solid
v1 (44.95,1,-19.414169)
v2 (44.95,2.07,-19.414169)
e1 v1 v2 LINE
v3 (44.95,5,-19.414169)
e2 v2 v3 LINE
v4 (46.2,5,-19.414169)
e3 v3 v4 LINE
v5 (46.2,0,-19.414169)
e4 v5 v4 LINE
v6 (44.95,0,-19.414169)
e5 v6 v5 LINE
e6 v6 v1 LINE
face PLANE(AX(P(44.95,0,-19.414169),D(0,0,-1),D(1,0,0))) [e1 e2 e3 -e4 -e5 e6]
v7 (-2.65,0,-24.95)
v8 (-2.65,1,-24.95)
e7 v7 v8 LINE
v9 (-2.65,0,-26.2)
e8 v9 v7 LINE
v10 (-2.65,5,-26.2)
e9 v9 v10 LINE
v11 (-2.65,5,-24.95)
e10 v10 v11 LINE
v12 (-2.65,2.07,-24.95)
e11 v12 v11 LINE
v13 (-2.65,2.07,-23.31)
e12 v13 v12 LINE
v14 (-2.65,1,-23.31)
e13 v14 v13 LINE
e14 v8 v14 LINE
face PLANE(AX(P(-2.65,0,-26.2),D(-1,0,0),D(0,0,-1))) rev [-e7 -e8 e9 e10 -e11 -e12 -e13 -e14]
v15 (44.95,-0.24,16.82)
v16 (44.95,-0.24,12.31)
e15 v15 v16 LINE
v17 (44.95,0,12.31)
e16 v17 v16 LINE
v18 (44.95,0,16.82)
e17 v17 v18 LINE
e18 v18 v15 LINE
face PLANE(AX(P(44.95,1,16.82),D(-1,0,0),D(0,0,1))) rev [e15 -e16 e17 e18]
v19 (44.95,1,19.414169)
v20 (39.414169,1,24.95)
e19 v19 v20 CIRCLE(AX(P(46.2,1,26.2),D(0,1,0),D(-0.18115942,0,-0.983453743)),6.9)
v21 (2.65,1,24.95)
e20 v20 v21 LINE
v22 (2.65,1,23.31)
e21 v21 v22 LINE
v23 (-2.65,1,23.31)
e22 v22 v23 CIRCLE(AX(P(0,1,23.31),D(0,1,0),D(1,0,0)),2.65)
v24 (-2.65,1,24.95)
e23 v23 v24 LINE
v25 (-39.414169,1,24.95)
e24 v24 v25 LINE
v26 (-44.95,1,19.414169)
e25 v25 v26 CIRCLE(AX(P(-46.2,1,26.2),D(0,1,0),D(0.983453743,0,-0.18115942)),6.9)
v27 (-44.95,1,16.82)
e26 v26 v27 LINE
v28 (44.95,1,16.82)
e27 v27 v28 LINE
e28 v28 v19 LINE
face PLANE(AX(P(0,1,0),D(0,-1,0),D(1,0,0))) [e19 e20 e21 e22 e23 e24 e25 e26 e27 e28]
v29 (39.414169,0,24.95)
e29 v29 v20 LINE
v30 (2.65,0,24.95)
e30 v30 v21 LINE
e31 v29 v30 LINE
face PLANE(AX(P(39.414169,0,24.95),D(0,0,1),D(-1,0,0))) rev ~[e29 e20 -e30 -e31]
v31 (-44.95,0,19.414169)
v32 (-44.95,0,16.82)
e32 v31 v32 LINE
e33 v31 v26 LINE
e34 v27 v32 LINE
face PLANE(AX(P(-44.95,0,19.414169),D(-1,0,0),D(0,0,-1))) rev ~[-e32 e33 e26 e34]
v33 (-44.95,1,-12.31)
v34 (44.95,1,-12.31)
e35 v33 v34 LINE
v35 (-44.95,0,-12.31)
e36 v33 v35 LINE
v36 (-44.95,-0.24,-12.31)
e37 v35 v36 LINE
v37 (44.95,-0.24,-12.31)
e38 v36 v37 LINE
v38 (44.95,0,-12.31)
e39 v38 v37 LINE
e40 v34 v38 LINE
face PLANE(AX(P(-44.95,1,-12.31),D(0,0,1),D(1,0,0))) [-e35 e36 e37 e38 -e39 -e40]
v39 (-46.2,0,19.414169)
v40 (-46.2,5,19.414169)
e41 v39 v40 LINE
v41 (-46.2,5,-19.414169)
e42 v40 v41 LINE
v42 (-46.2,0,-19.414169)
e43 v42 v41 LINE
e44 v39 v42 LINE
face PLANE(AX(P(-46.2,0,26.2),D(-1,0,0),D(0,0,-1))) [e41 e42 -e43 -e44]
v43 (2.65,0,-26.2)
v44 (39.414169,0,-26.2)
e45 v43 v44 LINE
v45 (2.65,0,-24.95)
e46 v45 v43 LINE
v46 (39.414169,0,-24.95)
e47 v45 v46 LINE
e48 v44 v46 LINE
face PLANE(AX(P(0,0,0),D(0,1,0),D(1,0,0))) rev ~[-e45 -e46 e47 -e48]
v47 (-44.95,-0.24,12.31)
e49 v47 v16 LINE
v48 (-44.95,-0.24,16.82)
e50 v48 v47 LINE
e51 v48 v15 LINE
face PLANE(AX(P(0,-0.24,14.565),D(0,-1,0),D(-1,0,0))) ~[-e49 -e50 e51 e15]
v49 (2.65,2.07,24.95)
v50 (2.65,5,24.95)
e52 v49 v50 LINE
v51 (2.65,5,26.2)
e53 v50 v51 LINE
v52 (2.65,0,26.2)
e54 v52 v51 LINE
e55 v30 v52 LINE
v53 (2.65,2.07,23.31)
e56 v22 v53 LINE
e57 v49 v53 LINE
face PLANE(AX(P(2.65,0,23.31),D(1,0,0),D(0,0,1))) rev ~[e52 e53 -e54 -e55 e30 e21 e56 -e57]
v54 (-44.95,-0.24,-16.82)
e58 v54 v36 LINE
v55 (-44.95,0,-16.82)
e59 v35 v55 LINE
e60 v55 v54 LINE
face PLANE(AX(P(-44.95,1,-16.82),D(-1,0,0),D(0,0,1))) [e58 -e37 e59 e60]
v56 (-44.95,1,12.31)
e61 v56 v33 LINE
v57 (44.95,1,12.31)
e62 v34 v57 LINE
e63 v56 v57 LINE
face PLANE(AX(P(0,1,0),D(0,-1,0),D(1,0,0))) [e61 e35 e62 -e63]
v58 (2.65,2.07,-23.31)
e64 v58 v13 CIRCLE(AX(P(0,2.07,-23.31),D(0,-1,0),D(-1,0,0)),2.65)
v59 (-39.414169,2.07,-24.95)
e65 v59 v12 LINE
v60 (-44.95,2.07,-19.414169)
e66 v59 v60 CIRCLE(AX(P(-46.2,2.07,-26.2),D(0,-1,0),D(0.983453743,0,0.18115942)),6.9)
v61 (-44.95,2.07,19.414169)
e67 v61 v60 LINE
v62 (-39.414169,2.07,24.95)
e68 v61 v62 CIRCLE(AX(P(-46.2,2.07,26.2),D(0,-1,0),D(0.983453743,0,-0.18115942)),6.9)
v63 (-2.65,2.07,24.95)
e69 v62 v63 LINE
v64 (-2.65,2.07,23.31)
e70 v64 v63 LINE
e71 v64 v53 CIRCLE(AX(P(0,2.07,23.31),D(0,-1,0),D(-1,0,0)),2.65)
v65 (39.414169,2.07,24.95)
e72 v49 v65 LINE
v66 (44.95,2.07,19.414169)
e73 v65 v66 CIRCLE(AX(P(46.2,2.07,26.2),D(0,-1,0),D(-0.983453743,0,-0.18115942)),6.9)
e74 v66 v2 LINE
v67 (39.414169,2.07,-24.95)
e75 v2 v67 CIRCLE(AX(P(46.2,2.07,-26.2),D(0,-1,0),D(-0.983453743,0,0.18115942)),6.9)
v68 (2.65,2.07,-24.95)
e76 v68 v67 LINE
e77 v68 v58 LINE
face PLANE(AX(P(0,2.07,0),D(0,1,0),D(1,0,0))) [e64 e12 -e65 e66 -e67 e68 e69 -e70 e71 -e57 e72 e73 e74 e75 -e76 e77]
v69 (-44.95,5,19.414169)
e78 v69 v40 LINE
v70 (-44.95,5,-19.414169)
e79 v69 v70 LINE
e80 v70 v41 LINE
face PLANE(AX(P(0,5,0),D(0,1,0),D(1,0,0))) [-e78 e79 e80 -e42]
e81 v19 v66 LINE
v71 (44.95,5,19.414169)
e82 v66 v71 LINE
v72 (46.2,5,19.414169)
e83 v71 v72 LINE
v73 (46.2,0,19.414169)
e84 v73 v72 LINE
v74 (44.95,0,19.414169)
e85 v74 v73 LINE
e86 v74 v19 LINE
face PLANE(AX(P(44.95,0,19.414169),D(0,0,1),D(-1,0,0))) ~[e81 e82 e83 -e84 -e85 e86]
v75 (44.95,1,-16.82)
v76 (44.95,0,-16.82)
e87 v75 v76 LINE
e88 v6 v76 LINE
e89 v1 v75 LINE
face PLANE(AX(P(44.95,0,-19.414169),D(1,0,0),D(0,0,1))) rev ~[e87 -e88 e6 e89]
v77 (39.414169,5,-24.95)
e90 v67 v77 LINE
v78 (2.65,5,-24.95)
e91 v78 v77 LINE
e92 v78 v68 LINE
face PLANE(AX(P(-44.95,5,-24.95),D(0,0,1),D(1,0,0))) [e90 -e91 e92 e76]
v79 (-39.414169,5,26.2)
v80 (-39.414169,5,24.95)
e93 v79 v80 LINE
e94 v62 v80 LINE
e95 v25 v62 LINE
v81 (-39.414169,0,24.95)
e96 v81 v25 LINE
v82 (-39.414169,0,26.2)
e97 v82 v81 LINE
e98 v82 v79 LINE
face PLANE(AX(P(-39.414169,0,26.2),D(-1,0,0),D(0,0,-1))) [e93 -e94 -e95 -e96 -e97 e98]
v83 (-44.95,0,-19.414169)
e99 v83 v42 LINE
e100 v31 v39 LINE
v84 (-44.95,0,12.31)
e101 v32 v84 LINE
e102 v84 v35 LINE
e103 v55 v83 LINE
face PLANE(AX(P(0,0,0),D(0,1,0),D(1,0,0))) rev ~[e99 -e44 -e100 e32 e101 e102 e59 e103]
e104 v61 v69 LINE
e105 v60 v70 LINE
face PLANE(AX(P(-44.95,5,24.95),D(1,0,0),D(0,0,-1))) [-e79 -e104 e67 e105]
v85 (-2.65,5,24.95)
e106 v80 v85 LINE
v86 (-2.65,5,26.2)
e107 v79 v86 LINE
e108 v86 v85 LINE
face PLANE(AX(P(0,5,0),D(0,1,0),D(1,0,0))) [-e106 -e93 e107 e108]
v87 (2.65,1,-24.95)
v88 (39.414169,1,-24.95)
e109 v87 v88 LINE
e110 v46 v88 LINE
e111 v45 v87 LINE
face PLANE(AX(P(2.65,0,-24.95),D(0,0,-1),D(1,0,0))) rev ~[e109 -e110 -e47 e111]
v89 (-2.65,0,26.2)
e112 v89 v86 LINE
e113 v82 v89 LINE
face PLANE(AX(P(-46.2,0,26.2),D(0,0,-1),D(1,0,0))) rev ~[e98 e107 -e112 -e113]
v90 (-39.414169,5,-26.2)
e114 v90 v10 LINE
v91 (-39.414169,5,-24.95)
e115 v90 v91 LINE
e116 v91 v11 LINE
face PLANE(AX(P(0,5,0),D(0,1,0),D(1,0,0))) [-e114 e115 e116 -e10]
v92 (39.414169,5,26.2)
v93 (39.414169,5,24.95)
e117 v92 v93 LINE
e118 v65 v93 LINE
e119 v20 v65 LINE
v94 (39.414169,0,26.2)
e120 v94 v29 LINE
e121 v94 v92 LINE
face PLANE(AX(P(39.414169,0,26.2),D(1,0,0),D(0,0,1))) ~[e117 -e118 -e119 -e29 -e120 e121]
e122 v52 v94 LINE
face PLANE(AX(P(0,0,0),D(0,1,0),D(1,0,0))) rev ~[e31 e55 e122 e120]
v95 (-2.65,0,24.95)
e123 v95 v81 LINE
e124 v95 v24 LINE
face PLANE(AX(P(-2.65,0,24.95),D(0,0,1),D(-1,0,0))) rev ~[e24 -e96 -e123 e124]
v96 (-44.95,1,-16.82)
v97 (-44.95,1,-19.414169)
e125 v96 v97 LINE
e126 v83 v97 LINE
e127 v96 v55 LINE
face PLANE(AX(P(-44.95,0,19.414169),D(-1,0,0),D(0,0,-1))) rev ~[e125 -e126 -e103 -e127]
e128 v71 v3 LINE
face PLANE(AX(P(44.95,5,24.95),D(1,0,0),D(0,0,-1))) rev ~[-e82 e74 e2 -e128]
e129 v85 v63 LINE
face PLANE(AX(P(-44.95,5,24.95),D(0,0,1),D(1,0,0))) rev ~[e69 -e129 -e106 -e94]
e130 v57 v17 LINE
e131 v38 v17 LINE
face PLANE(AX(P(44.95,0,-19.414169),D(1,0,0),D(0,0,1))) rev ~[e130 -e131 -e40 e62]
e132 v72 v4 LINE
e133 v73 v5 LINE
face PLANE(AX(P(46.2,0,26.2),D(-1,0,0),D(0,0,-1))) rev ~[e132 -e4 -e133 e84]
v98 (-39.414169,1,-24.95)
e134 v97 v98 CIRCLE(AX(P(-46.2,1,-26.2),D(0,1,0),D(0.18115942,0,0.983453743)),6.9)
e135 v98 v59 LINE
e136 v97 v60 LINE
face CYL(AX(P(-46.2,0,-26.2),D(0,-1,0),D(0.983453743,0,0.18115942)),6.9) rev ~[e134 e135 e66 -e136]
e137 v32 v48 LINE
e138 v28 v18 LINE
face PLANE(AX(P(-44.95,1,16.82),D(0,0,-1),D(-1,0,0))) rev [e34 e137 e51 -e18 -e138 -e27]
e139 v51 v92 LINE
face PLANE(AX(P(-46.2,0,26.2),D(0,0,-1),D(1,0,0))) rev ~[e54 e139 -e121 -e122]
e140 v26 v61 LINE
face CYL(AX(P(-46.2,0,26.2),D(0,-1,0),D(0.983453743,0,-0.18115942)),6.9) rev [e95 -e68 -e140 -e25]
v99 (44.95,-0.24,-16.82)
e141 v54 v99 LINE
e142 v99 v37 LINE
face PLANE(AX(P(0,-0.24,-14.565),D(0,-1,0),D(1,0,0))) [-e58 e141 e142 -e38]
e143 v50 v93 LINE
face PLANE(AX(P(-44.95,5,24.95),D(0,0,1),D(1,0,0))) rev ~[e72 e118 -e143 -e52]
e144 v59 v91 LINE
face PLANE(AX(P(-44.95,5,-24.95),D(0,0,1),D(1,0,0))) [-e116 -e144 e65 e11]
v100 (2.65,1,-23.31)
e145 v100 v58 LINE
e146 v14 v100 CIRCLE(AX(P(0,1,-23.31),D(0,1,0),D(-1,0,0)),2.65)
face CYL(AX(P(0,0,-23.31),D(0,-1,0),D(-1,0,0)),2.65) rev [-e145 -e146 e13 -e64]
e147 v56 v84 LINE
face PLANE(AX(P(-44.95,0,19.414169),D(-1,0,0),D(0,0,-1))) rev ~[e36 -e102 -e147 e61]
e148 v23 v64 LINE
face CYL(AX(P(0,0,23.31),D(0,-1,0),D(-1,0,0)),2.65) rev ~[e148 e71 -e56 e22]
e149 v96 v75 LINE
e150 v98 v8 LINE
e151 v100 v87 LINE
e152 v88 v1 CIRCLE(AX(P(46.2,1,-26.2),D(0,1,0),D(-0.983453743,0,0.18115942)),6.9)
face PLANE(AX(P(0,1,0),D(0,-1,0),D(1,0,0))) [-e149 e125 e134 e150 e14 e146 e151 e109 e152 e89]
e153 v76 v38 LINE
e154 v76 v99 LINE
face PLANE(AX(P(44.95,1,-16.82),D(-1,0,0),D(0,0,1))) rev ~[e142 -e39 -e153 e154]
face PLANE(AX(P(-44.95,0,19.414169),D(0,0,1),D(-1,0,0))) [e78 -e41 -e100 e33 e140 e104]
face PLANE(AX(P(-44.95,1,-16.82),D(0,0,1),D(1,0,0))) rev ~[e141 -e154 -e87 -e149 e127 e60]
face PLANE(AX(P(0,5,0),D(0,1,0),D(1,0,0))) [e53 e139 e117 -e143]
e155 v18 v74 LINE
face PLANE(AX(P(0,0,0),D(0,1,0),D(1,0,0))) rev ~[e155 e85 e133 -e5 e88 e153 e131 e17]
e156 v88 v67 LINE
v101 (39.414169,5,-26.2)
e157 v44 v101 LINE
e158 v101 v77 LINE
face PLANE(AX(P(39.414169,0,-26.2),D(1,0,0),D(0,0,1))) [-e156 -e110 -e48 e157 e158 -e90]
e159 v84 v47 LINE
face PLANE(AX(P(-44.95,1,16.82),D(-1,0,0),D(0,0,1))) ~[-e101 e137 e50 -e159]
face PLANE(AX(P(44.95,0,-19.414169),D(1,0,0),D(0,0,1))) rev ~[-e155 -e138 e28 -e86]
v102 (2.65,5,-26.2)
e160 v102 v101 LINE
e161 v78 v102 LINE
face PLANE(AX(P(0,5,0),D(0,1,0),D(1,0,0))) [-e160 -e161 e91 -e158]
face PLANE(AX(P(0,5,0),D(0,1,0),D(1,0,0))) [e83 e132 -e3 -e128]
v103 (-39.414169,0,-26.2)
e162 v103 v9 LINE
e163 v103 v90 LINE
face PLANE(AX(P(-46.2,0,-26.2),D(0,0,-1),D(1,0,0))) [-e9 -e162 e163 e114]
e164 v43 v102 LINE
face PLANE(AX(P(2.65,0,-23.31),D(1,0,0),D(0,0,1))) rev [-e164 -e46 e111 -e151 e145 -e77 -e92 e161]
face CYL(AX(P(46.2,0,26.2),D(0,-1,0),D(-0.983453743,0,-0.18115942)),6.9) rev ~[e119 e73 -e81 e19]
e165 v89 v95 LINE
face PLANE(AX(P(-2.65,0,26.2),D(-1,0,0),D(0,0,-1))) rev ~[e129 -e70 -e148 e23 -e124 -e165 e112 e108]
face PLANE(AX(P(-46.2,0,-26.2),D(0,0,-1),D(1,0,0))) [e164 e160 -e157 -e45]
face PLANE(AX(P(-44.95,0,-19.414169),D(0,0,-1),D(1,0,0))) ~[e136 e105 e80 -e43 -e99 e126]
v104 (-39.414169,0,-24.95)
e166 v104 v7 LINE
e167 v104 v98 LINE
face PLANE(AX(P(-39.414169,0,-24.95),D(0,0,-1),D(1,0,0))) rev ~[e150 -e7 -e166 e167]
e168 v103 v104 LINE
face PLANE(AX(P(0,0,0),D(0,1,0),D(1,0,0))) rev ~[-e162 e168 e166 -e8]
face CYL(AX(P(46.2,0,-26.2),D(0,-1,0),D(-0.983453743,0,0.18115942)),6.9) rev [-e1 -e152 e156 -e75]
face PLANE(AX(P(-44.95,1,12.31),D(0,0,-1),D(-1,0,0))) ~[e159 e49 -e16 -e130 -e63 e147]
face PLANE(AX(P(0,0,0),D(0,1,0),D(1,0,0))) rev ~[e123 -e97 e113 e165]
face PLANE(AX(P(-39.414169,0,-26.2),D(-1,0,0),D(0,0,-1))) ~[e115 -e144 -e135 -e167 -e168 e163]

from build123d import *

# Parameters (mm, degrees)
CROQUIS1_W              = 92.4
CROQUIS1_H              = 52.4
SALIENTE_EXTRUIR1_DEPTH = 5
CROQUIS2_W              = 89.9
CROQUIS2_H              = 49.9
CORTAR_EXTRUIR1_DEPTH   = 2.93
CORTAR_EXTRUIR2_START   = -2.07
CORTAR_EXTRUIR2_DEPTH   = 5
CORTAR_EXTRUIR3_START   = -2.07
CORTAR_EXTRUIR3_DEPTH   = 5
SIMETR_A2_START         = -2.07
SIMETR_A2_COPY_1_DEPTH  = 5
CORTAR_EXTRUIR5_DEPTH   = 1
CROQUIS7_W              = 89.9
CROQUIS7_H              = 4.51
SALIENTE_EXTRUIR2_DEPTH = 1.24


with BuildPart() as part:
    # Croquis1 → Saliente-Extruir1 (new body)
    with BuildSketch(Plane(origin=(0, 0, 0), x_dir=(1, 0, 0), z_dir=(0, 1, 0))):
        Rectangle(CROQUIS1_W, CROQUIS1_H)
    extrude(amount=SALIENTE_EXTRUIR1_DEPTH)

    # Croquis2 → Cortar-Extruir1 (cut)
    with BuildSketch(Plane(origin=(0, 5, 0), x_dir=(1, 0, 0), z_dir=(0, 1, 0))):
        Rectangle(CROQUIS2_W, CROQUIS2_H)
    extrude(amount=-CORTAR_EXTRUIR1_DEPTH, mode=Mode.SUBTRACT)

    # Croquis3 → Cortar-Extruir2 (cut)
    with BuildSketch(Plane(origin=(0, 2.07, 0), x_dir=(1, 0, 0), z_dir=(0, 1, 0)).offset(CORTAR_EXTRUIR2_START)):
        with BuildLine():
            Line((2.65, -23.31), (2.65, -26.2))
            Line((2.65, -26.2), (-2.65, -26.2))
            Line((-2.65, -26.2), (-2.65, -23.31))
            ThreePointArc((-2.65, -23.31), (0, -20.66), (2.65, -23.31))
        make_face()
    cortar_extruir2 = extrude(amount=CORTAR_EXTRUIR2_DEPTH, mode=Mode.SUBTRACT)

    # Croquis4 → Cortar-Extruir3 (cut)
    with BuildSketch(Plane(origin=(0, 2.07, 0), x_dir=(1, 0, 0), z_dir=(0, 1, 0)).offset(CORTAR_EXTRUIR3_START)):
        with BuildLine():
            Line((-46.2, -19.414169174), (-46.2, -26.2))
            Line((-46.2, -26.2), (-39.414169174, -26.2))
            Line((-39.414169174, -26.2), (-39.414169174, -24.95))
            ThreePointArc((-39.414169174, -24.95), (-41.32096321, -21.32096321), (-44.95, -19.414169174))
            Line((-44.95, -19.414169174), (-46.2, -19.414169174))
        make_face()
    cortar_extruir3 = extrude(amount=CORTAR_EXTRUIR3_DEPTH, mode=Mode.SUBTRACT)

    # Simetría1: Cortar-Extruir3 across plane
    add(cortar_extruir3.mirror(Plane(origin=(0, 0, 0), x_dir=(0, 0, 1), z_dir=(1, 0, 0))), mode=Mode.SUBTRACT)

    # Simetría2: Cortar-Extruir3 across plane
    add(cortar_extruir3.mirror(Plane.XY), mode=Mode.SUBTRACT)

    # Simetría2 copy 1 sketch → Simetría2 copy 1 (cut)
    with BuildSketch(Plane(origin=(0, 2.07, 0), x_dir=(-1, 0, 0), z_dir=(0, 1, 0)).offset(SIMETR_A2_START)):
        with BuildLine():
            Line((-46.2, -19.414169174), (-46.2, -26.2))
            Line((-46.2, -26.2), (-39.414169174, -26.2))
            Line((-39.414169174, -26.2), (-39.414169174, -24.95))
            ThreePointArc((-39.414169174, -24.95), (-41.32096321, -21.32096321), (-44.95, -19.414169174))
            Line((-44.95, -19.414169174), (-46.2, -19.414169174))
        make_face()
    extrude(amount=SIMETR_A2_COPY_1_DEPTH, mode=Mode.SUBTRACT)

    # Simetría3: Cortar-Extruir2 across plane
    add(cortar_extruir2.mirror(Plane.XY), mode=Mode.SUBTRACT)

    # Croquis6 → Cortar-Extruir5 (cut)
    with BuildSketch(Plane.XZ):
        with BuildLine():
            Line((2.65, -24.95), (3.9, -24.95))
            Line((3.9, -24.95), (38.164169174, -24.95))
            Line((38.164169174, -24.95), (39.414169174, -24.95))
            ThreePointArc((39.414169174, -24.95), (41.32096321, -21.32096321), (44.95, -19.414169174))
            Line((44.95, -19.414169174), (44.95, -18.164169174))
            Line((44.95, -18.164169174), (44.95, 18.164169174))
            Line((44.95, 18.164169174), (44.95, 19.414169174))
            ThreePointArc((44.95, 19.414169174), (41.32096321, 21.32096321), (39.414169174, 24.95))
            Line((39.414169174, 24.95), (38.164169174, 24.95))
            Line((38.164169174, 24.95), (3.9, 24.95))
            Line((3.9, 24.95), (2.65, 24.95))
            Line((2.65, 24.95), (2.65, 23.31))
            ThreePointArc((2.65, 23.31), (0, 20.66), (-2.65, 23.31))
            Line((-2.65, 23.31), (-2.65, 24.95))
            Line((-2.65, 24.95), (-3.9, 24.95))
            Line((-3.9, 24.95), (-38.164169174, 24.95))
            Line((-38.164169174, 24.95), (-39.414169174, 24.95))
            ThreePointArc((-39.414169174, 24.95), (-41.32096321, 21.32096321), (-44.95, 19.414169174))
            Line((-44.95, 19.414169174), (-44.95, 18.164169174))
            Line((-44.95, 18.164169174), (-44.95, -18.164169174))
            Line((-44.95, -18.164169174), (-44.95, -19.414169174))
            ThreePointArc((-44.95, -19.414169174), (-41.32096321, -21.32096321), (-39.414169174, -24.95))
            Line((-39.414169174, -24.95), (-38.164169174, -24.95))
            Line((-38.164169174, -24.95), (-3.9, -24.95))
            Line((-3.9, -24.95), (-2.65, -24.95))
            Line((-2.65, -24.95), (-2.65, -23.31))
            ThreePointArc((-2.65, -23.31), (0, -20.66), (2.65, -23.31))
            Line((2.65, -23.31), (2.65, -24.95))
        make_face()
    extrude(amount=-CORTAR_EXTRUIR5_DEPTH, mode=Mode.SUBTRACT)

    # Croquis7 → Saliente-Extruir2 (add)
    with BuildSketch(Plane.XZ.offset(-1)):
        with Locations((0, -14.565)):
            Rectangle(CROQUIS7_W, CROQUIS7_H)
    saliente_extruir2 = extrude(amount=SALIENTE_EXTRUIR2_DEPTH)

    # Simetría4: Saliente-Extruir2 across plane
    add(saliente_extruir2.mirror(Plane.XY))


solid = part.part
